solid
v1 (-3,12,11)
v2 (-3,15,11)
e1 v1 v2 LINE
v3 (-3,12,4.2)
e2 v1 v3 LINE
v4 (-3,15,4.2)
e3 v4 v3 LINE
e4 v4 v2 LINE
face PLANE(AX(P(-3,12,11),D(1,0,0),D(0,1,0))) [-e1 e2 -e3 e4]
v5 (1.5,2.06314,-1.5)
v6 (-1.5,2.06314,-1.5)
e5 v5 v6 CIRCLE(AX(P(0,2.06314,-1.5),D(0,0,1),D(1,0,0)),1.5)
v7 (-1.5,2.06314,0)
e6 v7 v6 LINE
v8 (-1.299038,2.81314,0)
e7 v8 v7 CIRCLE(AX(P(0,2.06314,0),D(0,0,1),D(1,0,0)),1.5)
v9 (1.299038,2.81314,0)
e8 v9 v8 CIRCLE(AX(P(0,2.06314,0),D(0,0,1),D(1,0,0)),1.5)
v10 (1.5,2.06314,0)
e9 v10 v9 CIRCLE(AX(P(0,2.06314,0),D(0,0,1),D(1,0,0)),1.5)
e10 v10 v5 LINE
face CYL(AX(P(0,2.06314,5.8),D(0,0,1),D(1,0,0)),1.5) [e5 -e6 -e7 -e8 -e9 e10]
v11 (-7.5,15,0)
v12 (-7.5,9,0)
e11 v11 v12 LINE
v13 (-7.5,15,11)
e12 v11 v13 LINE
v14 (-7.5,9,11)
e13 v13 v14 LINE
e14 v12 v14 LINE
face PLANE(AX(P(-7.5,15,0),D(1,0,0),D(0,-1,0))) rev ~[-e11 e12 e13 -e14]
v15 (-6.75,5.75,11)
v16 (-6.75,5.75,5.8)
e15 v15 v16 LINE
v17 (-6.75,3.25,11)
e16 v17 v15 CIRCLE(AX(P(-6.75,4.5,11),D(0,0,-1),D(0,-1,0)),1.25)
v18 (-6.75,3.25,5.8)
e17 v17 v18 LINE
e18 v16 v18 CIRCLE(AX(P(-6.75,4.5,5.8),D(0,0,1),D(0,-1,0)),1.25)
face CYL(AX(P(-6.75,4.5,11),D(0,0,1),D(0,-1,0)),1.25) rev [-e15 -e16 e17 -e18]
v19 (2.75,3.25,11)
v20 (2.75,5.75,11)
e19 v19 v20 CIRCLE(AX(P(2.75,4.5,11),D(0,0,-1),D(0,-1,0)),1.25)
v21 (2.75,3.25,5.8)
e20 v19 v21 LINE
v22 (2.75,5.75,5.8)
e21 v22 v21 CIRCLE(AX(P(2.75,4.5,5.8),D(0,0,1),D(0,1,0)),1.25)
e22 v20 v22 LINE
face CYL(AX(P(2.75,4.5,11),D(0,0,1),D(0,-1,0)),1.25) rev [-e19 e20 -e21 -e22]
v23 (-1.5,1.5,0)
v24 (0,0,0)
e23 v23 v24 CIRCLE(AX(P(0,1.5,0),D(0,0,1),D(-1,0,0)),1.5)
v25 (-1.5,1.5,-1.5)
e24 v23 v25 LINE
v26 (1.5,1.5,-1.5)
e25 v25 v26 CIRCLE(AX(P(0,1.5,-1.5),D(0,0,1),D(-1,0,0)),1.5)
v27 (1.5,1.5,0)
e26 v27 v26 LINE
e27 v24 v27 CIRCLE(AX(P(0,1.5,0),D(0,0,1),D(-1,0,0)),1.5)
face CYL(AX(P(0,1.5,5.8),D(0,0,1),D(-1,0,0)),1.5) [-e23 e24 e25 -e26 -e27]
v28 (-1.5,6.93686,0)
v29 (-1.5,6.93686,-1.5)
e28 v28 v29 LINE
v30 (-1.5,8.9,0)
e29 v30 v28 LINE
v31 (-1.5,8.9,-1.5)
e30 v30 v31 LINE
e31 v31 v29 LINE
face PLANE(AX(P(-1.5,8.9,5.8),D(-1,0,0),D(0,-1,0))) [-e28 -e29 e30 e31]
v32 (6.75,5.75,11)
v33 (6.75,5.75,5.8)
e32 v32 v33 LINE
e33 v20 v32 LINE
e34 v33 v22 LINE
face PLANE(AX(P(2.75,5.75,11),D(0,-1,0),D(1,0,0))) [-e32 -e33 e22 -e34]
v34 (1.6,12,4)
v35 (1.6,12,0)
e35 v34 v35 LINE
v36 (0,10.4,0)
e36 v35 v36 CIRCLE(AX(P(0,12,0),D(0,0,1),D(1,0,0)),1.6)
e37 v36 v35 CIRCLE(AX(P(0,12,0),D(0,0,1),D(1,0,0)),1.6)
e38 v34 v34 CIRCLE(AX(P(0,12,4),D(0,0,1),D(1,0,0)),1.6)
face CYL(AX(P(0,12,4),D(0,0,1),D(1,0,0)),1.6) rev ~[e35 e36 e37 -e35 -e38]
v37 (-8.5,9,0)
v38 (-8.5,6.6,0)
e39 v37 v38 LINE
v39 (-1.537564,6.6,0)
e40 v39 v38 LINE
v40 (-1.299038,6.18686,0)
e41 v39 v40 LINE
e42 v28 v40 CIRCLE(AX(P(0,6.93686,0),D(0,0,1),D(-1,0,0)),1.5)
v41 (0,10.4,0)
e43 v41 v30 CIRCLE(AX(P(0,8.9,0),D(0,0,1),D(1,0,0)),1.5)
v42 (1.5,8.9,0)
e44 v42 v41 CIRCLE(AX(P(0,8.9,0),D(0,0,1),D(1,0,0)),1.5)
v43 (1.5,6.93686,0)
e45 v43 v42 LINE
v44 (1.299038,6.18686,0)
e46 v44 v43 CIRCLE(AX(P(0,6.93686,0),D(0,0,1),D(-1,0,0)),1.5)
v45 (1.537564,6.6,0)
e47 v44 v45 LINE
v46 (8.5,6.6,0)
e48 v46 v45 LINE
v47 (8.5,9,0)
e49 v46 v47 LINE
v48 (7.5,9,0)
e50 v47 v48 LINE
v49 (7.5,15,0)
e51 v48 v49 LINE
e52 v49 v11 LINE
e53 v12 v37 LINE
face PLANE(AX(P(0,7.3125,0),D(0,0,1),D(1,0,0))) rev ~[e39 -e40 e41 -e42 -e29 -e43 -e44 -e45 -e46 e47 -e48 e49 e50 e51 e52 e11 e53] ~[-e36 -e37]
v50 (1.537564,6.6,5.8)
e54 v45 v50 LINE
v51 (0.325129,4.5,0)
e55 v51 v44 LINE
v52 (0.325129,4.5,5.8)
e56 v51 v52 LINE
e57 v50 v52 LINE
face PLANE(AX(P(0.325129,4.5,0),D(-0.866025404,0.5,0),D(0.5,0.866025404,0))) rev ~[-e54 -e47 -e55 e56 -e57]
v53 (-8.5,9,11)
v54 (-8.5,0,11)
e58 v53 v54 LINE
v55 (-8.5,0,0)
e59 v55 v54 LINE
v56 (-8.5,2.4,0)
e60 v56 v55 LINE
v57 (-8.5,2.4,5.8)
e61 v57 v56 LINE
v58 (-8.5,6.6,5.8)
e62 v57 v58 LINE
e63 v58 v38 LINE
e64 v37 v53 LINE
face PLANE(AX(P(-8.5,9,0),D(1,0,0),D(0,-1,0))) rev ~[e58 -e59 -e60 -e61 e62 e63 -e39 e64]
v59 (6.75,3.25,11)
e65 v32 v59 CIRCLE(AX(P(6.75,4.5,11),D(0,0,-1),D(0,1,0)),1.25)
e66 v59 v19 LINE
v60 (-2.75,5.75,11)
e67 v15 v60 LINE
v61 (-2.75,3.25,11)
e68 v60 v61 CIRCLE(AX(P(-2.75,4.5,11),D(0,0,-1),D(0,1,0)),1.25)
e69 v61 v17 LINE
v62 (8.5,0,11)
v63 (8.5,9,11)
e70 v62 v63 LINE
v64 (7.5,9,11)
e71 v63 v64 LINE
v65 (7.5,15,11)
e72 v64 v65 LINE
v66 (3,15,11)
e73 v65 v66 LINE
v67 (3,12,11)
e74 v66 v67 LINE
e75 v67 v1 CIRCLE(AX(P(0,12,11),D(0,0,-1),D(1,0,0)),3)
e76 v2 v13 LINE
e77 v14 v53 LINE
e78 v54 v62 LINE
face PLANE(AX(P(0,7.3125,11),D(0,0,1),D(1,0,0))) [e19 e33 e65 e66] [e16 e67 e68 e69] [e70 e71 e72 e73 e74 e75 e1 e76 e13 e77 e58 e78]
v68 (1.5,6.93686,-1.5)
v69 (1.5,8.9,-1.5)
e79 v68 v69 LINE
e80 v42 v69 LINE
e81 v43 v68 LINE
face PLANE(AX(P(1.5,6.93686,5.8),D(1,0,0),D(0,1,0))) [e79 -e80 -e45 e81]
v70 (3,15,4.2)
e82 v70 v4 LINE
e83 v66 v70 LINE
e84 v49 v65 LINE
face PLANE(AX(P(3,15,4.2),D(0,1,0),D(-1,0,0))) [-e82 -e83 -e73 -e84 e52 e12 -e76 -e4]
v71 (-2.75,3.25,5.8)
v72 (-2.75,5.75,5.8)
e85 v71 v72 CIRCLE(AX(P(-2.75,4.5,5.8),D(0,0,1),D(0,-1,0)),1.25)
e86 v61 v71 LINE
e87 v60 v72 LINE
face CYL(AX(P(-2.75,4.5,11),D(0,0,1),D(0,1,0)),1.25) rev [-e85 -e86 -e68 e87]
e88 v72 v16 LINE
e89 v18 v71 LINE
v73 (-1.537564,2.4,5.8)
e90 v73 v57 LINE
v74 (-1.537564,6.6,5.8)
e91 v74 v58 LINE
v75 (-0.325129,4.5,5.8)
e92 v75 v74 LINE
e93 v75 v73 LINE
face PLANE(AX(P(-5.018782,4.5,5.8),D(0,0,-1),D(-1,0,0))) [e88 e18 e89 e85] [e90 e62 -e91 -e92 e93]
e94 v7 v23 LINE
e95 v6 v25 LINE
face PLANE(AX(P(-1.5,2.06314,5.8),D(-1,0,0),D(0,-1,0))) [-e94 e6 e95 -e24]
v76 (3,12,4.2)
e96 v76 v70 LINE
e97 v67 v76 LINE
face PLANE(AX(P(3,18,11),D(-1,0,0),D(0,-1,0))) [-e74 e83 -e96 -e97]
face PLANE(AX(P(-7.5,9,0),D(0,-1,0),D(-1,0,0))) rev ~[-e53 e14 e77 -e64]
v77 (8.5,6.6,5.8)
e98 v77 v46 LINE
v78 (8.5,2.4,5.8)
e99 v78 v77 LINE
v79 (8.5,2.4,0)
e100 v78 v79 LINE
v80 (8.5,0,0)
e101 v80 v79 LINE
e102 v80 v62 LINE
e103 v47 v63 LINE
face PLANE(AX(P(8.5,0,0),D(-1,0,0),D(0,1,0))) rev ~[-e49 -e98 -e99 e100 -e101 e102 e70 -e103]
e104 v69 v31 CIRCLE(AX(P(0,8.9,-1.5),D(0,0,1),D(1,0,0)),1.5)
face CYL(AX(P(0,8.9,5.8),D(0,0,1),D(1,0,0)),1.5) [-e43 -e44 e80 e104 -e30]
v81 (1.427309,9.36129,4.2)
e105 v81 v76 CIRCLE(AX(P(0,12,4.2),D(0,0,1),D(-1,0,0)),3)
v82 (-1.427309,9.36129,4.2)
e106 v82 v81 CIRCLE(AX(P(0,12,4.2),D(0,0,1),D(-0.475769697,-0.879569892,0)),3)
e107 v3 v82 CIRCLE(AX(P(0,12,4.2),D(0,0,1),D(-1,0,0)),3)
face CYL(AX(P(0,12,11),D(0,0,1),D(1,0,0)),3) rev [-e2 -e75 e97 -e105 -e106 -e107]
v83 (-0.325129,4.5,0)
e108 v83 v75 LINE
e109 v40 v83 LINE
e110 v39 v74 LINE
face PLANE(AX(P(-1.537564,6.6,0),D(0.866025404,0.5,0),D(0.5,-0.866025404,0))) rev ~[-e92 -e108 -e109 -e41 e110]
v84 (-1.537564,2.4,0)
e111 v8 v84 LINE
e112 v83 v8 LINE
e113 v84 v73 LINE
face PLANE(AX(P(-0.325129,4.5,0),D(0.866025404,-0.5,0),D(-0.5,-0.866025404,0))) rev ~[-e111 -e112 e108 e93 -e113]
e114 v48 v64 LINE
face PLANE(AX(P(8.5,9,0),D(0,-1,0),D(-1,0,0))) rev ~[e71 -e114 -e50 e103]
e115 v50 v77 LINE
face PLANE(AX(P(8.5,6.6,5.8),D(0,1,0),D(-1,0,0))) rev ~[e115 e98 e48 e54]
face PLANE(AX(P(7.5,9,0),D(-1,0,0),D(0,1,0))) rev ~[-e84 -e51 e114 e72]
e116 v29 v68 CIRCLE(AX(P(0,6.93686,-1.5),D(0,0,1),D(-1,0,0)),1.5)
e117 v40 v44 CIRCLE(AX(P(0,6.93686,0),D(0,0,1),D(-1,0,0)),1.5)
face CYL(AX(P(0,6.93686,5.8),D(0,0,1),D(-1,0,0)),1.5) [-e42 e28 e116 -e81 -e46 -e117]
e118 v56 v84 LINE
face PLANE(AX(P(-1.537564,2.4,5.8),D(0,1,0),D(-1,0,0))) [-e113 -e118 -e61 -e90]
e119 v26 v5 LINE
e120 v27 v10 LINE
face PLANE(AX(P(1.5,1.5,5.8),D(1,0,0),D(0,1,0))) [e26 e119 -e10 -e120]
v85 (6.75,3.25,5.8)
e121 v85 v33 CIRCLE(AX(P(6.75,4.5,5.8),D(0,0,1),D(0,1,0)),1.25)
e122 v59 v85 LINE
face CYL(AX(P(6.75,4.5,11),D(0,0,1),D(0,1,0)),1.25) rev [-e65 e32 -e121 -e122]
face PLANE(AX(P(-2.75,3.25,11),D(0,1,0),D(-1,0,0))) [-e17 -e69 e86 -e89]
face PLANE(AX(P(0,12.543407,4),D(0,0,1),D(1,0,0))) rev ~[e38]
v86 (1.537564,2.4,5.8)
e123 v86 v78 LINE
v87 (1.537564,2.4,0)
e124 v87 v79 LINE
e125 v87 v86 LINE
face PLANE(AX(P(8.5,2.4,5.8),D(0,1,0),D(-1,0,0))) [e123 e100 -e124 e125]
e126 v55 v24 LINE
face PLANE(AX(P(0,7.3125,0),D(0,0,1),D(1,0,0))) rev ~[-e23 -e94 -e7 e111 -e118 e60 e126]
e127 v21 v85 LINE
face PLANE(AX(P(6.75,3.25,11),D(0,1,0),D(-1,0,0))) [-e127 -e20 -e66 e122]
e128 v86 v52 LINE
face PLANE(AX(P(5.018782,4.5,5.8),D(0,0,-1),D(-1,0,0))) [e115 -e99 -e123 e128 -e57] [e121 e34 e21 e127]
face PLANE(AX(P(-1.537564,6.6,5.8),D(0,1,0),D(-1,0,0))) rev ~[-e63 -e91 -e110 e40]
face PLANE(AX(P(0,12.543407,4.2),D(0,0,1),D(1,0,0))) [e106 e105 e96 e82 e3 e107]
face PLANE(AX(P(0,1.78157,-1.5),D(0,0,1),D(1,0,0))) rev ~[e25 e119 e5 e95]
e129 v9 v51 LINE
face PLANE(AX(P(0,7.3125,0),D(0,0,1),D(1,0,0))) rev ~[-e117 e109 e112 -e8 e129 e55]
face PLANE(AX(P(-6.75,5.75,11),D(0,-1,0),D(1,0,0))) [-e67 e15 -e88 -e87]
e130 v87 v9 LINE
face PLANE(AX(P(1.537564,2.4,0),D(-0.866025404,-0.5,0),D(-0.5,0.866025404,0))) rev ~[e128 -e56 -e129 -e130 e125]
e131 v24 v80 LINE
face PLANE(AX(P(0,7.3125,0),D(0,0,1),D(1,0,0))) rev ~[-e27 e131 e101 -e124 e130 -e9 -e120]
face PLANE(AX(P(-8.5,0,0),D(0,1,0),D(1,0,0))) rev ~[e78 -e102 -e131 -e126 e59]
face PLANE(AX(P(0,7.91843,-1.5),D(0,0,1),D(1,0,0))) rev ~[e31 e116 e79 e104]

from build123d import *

# Parameters (mm, degrees)
BOSS_EXTRUDE1_DEPTH = 11
CUT_EXTRUDE1_DEPTH  = 7
SKETCH4_R           = 1.6
CUT_EXTRUDE2_DEPTH  = 19.607794066
SKETCH5_R           = 1.25
CUT_EXTRUDE3_DEPTH  = 21.451161336
CUT_EXTRUDE4_DEPTH  = 21.451161336
CUT_EXTRUDE5_DEPTH  = 5.8
SKETCH9_W           = 6.962435565
SKETCH9_H           = 4.2
CUT_EXTRUDE6_DEPTH  = 5.8
BOSS_EXTRUDE3_START = 0.2
BOSS_EXTRUDE3_DEPTH = 0.2
BOSS_EXTRUDE4_DEPTH = 7.3
CUT_EXTRUDE7_DEPTH  = 1.6


with BuildPart() as part:
    # Sketch1 → Boss-Extrude1 (new body)
    with BuildSketch(Plane.XY):
        Polygon((-8.5, 0), (8.5, 0), (8.5, 9), (7.5, 9), (7.5, 15), (-7.5, 15), (-7.5, 9), (-8.5, 9), align=None)
    extrude(amount=BOSS_EXTRUDE1_DEPTH)

    # Sketch2 → Cut-Extrude1 (cut)
    with BuildSketch(Plane.XY.offset(11)):
        with BuildLine():
            Line((3, 18), (3, 12))
            ThreePointArc((3, 12), (0, 9), (-3, 12))
            Line((-3, 12), (-3, 18))
            ThreePointArc((-3, 18), (0, 21), (3, 18))
        make_face()
    extrude(amount=-CUT_EXTRUDE1_DEPTH, mode=Mode.SUBTRACT)

    # Sketch4 → Cut-Extrude2 (cut, through all)
    with BuildSketch(Plane.XY.offset(4)):
        with Locations((0, 12)):
            Circle(SKETCH4_R)
    extrude(amount=-CUT_EXTRUDE2_DEPTH, mode=Mode.SUBTRACT)

    # Sketch5 → Cut-Extrude3 (cut, through all)
    with BuildSketch(Plane.XY.offset(11)):
        with Locations((-4.75, 4.5)):
            Circle(SKETCH5_R)
        with Locations(Location((4.75, 4.5, 0), (0, 0, 180))):
            Circle(SKETCH5_R)
    extrude(amount=-CUT_EXTRUDE3_DEPTH, mode=Mode.SUBTRACT)

    # Sketch7 → Cut-Extrude4 (cut, through all)
    with BuildSketch(Plane.XY.offset(11)):
        with BuildLine():
            Line((-6.75, 5.75), (-2.75, 5.75))
            ThreePointArc((-2.75, 5.75), (-1.5, 4.5), (-2.75, 3.25))
            Line((-2.75, 3.25), (-6.75, 3.25))
            ThreePointArc((-6.75, 3.25), (-8, 4.5), (-6.75, 5.75))
        make_face()
        with BuildLine():
            Line((6.75, 3.25), (2.75, 3.25))
            ThreePointArc((2.75, 3.25), (1.5, 4.5), (2.75, 5.75))
            Line((2.75, 5.75), (6.75, 5.75))
            ThreePointArc((6.75, 5.75), (8, 4.5), (6.75, 3.25))
        make_face()
    extrude(amount=-CUT_EXTRUDE4_DEPTH, mode=Mode.SUBTRACT)

    # Sketch8 → Cut-Extrude5 (cut)
    with BuildSketch(Plane(origin=(0, 0, 0), x_dir=(-1, 0, 0), z_dir=(0, 0, -1))):
        Polygon((-1.537564435, 6.6), (-3.962435565, 6.6), (-5.174871131, 4.5), (-3.962435565, 2.4), (-1.537564435, 2.4), (-0.325128869, 4.5), align=None)
        Polygon((1.537564435, 6.6), (0.325128869, 4.5), (1.537564435, 2.4), (3.962435565, 2.4), (5.174871131, 4.5), (3.962435565, 6.6), align=None)
    extrude(amount=-CUT_EXTRUDE5_DEPTH, mode=Mode.SUBTRACT)

    # Sketch9 → Cut-Extrude6 (cut)
    with BuildSketch(Plane(origin=(0, 0, 5.8), x_dir=(-1, 0, 0), z_dir=(0, 0, -1))):
        with Locations((5.018782218, 4.5)):
            Rectangle(SKETCH9_W, SKETCH9_H)
        with Locations((-5.018782218, 4.5)):
            Rectangle(SKETCH9_W, SKETCH9_H)
    extrude(amount=CUT_EXTRUDE6_DEPTH, mode=Mode.SUBTRACT)

    # Sketch11 → Boss-Extrude3 (add)
    with BuildSketch(Plane.XY.offset(4).offset(BOSS_EXTRUDE3_START)):
        with BuildLine():
            Line((3, 15), (-3, 15))
            Line((-3, 15), (-3, 12))
            ThreePointArc((-3, 12), (0, 9), (3, 12))
            Line((3, 12), (3, 15))
        make_face()
    extrude(amount=-BOSS_EXTRUDE3_DEPTH)

    # Sketch12 → Boss-Extrude4 (add)
    with BuildSketch(Plane(origin=(0, 0, 5.8), x_dir=(-1, 0, 0), z_dir=(0, 0, -1))):
        with BuildLine():
            Line((1.5, 8.9), (1.5, 6.936860279))
            ThreePointArc((1.5, 6.936860279), (0, 5.436860279), (-1.5, 6.936860279))
            Line((-1.5, 6.936860279), (-1.5, 8.9))
            ThreePointArc((-1.5, 8.9), (0, 10.4), (1.5, 8.9))
        make_face()
        with BuildLine():
            Line((1.5, 2.063139721), (1.5, 1.5))
            ThreePointArc((1.5, 1.5), (0, 0), (-1.5, 1.5))
            Line((-1.5, 1.5), (-1.5, 2.063139721))
            ThreePointArc((-1.5, 2.063139721), (0, 3.563139721), (1.5, 2.063139721))
        make_face()
    extrude(amount=BOSS_EXTRUDE4_DEPTH)

    # Sketch13 → Cut-Extrude7 (cut)
    with BuildSketch(Plane.XY.offset(5.8)):
        with BuildLine():
            ThreePointArc((1.42730909, 9.361290323), (0, 10.4), (-1.42730909, 9.361290323))
            ThreePointArc((-1.42730909, 9.361290323), (0, 9), (1.42730909, 9.361290323))
        make_face()
    extrude(amount=-CUT_EXTRUDE7_DEPTH, mode=Mode.SUBTRACT)


solid = part.part
